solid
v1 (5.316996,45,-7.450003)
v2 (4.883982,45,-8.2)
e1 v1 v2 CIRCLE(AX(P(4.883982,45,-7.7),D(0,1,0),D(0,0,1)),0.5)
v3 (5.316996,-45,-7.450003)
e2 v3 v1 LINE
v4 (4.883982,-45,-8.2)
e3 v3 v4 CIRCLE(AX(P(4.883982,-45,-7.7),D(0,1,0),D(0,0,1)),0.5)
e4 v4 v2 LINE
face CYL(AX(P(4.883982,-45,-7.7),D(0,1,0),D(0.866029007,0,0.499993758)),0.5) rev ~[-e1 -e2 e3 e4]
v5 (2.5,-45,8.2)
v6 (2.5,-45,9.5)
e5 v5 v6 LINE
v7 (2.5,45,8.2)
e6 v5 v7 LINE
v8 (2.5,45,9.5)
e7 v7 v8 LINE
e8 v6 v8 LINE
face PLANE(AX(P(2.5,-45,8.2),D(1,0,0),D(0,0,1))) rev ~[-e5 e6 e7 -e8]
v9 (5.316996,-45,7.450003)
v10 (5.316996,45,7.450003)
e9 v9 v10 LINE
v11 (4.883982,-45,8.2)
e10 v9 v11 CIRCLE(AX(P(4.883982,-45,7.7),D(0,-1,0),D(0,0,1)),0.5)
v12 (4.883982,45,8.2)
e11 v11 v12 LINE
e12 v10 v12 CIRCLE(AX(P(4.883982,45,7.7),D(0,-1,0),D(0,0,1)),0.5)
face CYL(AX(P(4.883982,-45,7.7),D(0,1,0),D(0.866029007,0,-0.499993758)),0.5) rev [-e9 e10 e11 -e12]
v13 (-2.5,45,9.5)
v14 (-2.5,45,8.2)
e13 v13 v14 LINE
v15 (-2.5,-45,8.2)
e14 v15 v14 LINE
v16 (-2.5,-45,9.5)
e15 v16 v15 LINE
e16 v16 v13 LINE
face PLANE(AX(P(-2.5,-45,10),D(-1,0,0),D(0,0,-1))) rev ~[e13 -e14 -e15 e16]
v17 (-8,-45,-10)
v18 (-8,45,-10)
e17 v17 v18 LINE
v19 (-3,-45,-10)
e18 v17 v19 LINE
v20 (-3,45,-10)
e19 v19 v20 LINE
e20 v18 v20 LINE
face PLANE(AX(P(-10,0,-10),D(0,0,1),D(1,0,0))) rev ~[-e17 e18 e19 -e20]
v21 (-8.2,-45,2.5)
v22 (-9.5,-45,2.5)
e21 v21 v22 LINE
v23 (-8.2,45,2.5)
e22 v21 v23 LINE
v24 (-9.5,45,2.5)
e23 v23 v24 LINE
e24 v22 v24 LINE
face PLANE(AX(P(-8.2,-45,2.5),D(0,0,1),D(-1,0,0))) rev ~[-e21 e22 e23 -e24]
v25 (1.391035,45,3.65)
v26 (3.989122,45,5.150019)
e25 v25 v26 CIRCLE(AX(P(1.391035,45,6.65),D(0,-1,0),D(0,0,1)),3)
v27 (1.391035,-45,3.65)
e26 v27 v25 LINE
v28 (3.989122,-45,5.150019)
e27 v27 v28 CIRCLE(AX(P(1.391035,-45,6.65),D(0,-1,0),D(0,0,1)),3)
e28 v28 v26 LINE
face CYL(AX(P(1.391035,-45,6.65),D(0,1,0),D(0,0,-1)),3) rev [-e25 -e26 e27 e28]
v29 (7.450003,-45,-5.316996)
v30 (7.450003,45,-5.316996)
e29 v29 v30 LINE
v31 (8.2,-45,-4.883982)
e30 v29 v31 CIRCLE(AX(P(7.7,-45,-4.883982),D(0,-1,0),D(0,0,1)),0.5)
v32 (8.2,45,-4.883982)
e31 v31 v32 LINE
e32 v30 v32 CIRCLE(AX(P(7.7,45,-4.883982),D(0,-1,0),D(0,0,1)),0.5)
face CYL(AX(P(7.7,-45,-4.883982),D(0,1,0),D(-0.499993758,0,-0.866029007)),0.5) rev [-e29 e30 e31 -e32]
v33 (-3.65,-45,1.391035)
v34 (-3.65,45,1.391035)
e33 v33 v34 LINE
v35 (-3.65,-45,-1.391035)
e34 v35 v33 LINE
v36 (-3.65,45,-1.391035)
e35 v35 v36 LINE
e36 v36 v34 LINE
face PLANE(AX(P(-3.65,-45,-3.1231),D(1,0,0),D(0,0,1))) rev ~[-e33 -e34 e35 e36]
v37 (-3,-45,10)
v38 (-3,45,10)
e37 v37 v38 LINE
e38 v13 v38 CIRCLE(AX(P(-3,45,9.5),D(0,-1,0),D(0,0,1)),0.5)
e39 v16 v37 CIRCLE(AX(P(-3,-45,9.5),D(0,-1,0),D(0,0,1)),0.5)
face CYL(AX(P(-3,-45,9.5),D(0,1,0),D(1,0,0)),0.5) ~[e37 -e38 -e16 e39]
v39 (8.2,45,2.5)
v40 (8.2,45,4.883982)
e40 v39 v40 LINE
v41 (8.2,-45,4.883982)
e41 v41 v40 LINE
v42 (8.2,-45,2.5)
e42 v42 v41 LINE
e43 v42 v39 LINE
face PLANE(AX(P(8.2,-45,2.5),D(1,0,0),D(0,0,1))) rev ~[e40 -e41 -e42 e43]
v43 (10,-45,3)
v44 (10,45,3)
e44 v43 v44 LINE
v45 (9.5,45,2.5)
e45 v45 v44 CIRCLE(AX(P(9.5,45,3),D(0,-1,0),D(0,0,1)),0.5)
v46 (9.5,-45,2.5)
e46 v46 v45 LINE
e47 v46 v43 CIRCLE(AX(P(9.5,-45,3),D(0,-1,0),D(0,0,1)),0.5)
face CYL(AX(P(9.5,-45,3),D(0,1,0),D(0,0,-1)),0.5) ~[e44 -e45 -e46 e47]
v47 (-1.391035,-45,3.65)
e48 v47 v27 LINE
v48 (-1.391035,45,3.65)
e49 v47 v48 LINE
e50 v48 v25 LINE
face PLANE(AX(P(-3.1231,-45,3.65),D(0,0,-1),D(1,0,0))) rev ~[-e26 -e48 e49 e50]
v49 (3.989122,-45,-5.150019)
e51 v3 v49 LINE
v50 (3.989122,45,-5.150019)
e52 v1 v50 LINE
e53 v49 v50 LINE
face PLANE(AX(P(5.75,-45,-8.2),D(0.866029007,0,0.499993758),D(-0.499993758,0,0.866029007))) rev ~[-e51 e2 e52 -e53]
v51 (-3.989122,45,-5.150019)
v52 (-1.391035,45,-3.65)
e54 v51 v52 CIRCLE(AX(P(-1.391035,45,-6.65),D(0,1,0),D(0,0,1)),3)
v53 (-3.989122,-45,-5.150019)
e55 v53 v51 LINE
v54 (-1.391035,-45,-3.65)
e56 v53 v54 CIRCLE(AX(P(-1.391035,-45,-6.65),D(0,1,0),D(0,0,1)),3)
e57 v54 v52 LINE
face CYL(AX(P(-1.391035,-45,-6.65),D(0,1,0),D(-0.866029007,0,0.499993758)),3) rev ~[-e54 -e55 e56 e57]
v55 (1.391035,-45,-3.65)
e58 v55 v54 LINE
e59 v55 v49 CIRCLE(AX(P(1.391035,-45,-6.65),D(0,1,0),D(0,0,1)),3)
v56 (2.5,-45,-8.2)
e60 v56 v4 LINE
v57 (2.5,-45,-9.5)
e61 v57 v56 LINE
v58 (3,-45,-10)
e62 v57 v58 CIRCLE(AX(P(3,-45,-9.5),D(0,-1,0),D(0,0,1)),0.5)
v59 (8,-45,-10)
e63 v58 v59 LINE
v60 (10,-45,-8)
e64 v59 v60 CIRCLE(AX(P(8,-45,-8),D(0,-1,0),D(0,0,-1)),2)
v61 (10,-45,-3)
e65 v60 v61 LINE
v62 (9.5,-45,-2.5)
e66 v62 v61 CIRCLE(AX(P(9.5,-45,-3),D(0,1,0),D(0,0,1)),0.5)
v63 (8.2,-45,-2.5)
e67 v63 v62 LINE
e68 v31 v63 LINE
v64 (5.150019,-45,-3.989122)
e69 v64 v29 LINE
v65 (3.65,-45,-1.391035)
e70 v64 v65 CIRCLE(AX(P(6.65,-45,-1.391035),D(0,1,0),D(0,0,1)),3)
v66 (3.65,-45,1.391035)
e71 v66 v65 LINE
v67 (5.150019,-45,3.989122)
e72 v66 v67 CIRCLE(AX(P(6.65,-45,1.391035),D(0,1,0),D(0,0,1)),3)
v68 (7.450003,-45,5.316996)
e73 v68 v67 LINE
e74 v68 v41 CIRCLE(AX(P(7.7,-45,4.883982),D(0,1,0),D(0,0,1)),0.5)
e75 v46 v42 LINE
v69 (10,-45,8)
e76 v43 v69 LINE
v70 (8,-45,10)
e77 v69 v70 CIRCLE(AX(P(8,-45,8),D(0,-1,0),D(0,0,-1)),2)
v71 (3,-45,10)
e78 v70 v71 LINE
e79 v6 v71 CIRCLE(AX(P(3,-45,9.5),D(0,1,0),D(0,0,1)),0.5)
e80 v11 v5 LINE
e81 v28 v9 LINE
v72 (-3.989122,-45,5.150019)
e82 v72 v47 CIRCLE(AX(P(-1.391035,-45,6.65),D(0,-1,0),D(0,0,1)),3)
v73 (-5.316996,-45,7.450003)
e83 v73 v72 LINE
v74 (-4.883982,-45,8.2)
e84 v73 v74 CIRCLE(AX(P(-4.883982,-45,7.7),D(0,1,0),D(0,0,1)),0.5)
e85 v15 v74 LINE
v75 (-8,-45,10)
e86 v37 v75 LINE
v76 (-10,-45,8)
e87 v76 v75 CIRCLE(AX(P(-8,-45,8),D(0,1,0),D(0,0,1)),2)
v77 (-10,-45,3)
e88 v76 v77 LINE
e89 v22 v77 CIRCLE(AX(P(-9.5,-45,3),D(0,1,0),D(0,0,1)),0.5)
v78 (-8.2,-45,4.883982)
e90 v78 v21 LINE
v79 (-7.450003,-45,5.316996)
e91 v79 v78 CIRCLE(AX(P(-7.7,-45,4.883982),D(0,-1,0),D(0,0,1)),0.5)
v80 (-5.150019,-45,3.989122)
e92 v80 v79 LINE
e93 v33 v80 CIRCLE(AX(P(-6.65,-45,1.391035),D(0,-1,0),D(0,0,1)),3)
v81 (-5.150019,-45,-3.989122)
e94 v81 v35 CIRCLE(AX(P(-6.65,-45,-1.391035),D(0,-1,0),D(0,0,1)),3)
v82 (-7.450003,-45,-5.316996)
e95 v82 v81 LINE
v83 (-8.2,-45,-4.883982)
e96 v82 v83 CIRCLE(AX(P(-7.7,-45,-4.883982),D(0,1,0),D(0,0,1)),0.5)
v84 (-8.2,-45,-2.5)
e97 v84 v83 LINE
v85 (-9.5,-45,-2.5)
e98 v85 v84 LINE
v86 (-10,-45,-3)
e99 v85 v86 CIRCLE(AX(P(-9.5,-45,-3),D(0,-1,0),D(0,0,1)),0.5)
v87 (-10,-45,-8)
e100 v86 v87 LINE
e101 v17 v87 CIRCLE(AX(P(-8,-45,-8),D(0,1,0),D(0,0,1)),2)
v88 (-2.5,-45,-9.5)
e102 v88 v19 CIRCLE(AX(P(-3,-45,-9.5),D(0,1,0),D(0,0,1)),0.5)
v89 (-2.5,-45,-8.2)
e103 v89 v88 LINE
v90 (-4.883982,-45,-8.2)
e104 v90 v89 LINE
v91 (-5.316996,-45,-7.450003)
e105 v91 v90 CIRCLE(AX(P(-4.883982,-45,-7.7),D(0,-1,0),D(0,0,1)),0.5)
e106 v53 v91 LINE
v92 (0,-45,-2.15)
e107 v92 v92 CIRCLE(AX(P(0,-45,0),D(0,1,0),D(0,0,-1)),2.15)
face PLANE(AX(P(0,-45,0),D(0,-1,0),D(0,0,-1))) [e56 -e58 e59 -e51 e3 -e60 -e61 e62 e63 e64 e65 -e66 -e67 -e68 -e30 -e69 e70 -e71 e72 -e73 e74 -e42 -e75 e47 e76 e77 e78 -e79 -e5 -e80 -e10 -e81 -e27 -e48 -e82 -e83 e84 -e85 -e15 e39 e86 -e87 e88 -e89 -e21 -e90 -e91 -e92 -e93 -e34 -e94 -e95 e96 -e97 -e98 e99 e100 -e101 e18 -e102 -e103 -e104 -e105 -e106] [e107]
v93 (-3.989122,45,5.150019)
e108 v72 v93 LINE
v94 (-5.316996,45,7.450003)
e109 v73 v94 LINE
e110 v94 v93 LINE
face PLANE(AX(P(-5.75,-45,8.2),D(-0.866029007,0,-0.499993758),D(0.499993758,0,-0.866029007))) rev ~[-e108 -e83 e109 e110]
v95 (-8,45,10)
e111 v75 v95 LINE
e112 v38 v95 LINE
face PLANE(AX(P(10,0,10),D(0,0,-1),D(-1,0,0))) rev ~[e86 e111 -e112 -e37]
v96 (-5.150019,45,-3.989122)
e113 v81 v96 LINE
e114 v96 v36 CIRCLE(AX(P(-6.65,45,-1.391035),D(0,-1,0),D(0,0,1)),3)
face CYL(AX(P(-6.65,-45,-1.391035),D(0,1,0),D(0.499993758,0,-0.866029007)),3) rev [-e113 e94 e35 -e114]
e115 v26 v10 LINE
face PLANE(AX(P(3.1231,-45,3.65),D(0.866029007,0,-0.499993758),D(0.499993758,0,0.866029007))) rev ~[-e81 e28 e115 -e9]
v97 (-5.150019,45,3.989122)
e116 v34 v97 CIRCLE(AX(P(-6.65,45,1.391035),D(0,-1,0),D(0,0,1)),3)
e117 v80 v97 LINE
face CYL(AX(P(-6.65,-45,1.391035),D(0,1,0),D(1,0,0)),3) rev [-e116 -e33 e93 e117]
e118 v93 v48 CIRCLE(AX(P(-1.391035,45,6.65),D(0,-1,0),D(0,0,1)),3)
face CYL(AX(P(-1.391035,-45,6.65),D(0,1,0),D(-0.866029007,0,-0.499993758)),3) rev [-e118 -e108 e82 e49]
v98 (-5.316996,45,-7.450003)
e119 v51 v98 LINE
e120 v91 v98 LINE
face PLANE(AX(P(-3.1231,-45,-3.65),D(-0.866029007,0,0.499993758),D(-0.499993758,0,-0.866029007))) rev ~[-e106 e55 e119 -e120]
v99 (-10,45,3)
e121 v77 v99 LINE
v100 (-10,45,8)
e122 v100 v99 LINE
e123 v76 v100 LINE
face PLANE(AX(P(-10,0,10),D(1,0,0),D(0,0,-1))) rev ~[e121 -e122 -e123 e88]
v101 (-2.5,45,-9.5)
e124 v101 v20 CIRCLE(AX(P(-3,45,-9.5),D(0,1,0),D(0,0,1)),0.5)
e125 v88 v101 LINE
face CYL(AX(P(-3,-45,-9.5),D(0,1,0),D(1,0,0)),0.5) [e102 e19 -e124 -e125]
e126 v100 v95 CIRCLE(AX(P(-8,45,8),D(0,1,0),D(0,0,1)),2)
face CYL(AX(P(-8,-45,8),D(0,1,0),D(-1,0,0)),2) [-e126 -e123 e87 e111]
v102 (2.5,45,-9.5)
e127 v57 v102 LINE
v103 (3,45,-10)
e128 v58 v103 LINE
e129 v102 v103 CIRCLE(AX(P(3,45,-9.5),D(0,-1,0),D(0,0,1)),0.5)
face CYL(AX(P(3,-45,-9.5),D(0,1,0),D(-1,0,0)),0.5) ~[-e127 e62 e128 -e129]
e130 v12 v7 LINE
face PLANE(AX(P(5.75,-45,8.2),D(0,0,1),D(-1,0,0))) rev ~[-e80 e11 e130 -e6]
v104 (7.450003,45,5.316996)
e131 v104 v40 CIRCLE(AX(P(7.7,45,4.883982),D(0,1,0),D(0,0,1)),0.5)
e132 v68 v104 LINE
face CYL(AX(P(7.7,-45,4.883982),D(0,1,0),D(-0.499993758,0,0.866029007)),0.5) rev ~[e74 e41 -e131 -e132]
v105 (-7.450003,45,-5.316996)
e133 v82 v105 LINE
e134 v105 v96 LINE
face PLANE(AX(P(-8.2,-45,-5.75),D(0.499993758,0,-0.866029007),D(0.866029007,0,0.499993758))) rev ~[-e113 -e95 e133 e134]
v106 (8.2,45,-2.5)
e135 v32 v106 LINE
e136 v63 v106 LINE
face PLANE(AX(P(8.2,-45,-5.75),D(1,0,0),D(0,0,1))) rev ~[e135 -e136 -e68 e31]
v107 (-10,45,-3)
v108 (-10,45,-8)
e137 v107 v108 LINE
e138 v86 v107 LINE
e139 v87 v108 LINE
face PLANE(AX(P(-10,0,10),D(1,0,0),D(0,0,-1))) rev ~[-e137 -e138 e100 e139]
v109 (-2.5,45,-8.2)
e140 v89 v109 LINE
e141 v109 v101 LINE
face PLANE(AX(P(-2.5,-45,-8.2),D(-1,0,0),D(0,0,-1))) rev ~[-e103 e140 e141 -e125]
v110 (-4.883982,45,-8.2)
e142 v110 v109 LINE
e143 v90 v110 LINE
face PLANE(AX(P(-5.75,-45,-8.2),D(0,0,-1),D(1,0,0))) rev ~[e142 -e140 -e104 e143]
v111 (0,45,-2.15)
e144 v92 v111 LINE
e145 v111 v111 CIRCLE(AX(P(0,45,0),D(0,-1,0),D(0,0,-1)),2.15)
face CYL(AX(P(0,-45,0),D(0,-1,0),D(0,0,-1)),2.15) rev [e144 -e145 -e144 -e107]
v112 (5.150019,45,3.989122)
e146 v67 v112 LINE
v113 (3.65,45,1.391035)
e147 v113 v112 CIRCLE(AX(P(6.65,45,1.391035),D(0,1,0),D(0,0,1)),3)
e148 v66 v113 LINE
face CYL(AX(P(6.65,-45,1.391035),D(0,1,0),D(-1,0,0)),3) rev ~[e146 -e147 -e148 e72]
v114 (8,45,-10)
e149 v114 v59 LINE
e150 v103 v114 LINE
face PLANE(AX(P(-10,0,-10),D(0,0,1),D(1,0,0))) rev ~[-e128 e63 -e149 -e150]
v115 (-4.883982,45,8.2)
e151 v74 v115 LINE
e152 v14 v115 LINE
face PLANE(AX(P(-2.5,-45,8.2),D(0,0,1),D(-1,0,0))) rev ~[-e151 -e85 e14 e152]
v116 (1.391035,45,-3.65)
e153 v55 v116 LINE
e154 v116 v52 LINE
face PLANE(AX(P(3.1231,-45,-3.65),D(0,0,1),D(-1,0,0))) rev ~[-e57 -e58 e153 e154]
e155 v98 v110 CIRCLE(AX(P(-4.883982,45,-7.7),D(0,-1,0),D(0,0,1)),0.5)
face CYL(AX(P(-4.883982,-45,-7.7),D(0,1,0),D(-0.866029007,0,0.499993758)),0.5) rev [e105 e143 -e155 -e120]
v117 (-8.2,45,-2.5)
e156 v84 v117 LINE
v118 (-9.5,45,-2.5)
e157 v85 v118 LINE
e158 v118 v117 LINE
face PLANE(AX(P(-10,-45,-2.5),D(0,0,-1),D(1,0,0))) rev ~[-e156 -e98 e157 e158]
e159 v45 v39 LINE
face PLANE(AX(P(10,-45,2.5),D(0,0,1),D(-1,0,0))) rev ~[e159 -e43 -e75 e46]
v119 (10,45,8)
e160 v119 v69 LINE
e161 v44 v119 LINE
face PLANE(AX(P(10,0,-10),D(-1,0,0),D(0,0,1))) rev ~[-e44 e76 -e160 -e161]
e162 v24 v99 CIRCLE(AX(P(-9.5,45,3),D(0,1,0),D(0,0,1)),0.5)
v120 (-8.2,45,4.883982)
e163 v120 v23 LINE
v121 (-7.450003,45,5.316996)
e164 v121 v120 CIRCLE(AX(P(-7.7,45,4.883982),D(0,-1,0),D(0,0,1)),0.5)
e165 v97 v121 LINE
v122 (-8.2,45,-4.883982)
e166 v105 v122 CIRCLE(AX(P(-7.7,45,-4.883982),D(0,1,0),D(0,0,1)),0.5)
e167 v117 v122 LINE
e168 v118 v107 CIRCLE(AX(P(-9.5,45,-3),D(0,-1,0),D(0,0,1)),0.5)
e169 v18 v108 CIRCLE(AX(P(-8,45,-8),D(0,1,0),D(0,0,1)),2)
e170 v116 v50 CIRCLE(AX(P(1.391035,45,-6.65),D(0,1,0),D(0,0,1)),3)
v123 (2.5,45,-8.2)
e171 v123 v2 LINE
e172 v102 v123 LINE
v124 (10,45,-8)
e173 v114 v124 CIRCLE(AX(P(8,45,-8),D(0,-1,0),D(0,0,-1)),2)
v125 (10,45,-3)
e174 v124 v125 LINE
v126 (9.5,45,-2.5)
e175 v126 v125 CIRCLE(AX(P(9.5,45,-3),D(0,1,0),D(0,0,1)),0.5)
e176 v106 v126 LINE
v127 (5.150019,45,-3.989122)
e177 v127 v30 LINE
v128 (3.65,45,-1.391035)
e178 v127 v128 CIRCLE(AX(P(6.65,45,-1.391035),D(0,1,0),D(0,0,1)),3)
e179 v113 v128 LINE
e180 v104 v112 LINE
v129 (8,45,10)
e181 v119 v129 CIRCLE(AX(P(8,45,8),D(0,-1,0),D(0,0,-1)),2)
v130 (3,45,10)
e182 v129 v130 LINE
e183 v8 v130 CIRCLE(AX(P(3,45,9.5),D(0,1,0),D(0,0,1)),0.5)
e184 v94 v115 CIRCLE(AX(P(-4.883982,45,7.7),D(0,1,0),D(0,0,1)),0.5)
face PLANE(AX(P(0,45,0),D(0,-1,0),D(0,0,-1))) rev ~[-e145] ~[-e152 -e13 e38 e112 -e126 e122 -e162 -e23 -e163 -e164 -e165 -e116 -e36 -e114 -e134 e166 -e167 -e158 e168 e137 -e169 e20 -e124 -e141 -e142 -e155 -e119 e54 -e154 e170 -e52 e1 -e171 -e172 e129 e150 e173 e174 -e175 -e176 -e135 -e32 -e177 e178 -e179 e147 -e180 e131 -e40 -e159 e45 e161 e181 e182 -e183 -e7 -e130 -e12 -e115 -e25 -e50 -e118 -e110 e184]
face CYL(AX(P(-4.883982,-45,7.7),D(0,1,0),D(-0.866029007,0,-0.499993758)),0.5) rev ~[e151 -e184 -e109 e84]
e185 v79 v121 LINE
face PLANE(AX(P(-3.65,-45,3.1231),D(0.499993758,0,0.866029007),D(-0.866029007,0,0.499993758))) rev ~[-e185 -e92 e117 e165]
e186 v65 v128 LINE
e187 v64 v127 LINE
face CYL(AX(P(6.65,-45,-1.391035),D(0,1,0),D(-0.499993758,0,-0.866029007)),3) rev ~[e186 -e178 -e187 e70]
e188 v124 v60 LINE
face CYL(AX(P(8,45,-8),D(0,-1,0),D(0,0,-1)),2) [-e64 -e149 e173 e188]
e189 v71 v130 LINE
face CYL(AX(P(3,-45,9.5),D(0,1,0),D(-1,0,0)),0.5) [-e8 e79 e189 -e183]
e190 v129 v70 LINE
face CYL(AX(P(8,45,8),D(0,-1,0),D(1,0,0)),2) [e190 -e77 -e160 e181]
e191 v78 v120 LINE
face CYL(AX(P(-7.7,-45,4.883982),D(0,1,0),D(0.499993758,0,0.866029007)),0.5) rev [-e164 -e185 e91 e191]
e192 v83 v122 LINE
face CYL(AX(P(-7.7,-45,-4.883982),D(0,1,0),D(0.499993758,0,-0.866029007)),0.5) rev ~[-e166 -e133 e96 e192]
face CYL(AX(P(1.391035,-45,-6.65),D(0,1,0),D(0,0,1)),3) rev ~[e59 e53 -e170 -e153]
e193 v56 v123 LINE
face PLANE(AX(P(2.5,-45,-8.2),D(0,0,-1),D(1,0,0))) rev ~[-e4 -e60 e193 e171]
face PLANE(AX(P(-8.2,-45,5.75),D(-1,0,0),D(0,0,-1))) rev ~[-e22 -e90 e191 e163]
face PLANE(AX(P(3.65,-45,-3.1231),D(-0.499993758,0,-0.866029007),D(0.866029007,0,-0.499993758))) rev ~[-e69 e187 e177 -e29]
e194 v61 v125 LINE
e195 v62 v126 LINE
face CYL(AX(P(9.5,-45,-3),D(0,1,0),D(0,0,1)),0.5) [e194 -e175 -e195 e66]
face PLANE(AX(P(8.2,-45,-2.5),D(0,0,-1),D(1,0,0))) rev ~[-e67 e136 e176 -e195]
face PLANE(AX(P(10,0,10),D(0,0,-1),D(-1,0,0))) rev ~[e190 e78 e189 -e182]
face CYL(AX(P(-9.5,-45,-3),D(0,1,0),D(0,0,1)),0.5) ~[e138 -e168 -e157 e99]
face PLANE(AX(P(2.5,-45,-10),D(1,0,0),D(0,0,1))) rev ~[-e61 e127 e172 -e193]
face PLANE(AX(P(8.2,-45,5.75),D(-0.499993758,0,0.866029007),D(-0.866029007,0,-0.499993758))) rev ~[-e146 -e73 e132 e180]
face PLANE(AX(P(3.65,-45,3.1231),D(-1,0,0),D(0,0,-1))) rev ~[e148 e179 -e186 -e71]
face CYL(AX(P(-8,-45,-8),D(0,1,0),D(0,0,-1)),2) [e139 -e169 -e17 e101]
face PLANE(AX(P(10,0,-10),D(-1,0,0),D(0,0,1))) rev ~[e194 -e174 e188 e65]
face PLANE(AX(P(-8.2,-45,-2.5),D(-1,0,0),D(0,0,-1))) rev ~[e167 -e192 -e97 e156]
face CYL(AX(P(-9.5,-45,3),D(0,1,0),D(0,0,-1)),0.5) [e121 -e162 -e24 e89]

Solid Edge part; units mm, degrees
sketch "Sketch1" plane through (0, 0, 0) normal (0, -1, 0) x (1, 0, 0)
  line L0 (-10, -10) -> (10, -10)
  line L1 (10, -10) -> (10, 10)
  line L2 (10, 10) -> (-10, 10)
  line L3 (-10, 10) -> (-10, -10)
  dimension "D1" = 20
  dimension "D2" = 20
extrude "Protrusion1" add sketch "Sketch1" along normal mid plane 90
sketch "Sketch2" plane through (0, -45, 0) normal (0, -1, 0) x (1, 0, 0)
  line L0 (-2.5, 10) -> (-2.5, 8.2)
  line L1 (-2.5, 8.2) -> (-5.75, 8.2)
  line L2 (-5.75, 8.2) -> (-3.1231, 3.65)
  line L3 (-3.1231, 3.65) -> (3.1231, 3.65)
  line L4 (3.1231, 3.65) -> (5.75, 8.2)
  line L5 (5.75, 8.2) -> (2.5, 8.2)
  line L6 (2.5, 8.2) -> (2.5, 10)
  line L7 (2.5, 10) -> (-2.5, 10)
  dimension "D1" = 11.5
  dimension "D2" = 1.8
  dimension "D3" = 5
  dimension "D4" = 6.35
extrude "Cutout1" cut sketch "Sketch2" against normal through all
fillet "Verrundung_1" radius 2 4 edges at (10, 0, 10) (-10, 0, 10) (10, 0, -10) (-10, 0, -10)
fillet "Verrundung_2" radius 3 2 edges at (-3.1231, 0, 3.65) (3.1231, 0, 3.65)
fillet "Verrundung_3" radius 0.5 4 edges at (-5.75, 0, 8.2) (5.75, 0, 8.2) (-2.5, 0, 10) (2.5, 0, 10)
hole "Bohrung_1" at (0, -45, 0) direction (0, 1, 0) diameter 4.3 end up to next
pattern_circular "Pattern1" count 4 over 360 about axis through (0, -45, 0) along (0, -1, 0) of "Cutout1"
fillet "Round1" radius 3 2 edges at (-3.65, 0, -3.1231) (-3.65, 0, 3.1231)
fillet "Round2" radius 0.5 4 edges at (-8.2, 0, -5.75) (-8.2, 0, 5.75) (-10, 0, -2.5) (-10, 0, 2.5)
fillet "Round3" radius 3 2 edges at (3.1231, 0, -3.65) (-3.1231, 0, -3.65)
fillet "Round4" radius 0.5 4 edges at (5.75, 0, -8.2) (-5.75, 0, -8.2) (2.5, 0, -10) (-2.5, 0, -10)
fillet "Round5" radius 3 2 edges at (3.65, 0, 3.1231) (3.65, 0, -3.1231)
fillet "Round6" radius 0.5 4 edges at (8.2, 0, 5.75) (8.2, 0, -5.75) (10, 0, 2.5) (10, 0, -2.5)
